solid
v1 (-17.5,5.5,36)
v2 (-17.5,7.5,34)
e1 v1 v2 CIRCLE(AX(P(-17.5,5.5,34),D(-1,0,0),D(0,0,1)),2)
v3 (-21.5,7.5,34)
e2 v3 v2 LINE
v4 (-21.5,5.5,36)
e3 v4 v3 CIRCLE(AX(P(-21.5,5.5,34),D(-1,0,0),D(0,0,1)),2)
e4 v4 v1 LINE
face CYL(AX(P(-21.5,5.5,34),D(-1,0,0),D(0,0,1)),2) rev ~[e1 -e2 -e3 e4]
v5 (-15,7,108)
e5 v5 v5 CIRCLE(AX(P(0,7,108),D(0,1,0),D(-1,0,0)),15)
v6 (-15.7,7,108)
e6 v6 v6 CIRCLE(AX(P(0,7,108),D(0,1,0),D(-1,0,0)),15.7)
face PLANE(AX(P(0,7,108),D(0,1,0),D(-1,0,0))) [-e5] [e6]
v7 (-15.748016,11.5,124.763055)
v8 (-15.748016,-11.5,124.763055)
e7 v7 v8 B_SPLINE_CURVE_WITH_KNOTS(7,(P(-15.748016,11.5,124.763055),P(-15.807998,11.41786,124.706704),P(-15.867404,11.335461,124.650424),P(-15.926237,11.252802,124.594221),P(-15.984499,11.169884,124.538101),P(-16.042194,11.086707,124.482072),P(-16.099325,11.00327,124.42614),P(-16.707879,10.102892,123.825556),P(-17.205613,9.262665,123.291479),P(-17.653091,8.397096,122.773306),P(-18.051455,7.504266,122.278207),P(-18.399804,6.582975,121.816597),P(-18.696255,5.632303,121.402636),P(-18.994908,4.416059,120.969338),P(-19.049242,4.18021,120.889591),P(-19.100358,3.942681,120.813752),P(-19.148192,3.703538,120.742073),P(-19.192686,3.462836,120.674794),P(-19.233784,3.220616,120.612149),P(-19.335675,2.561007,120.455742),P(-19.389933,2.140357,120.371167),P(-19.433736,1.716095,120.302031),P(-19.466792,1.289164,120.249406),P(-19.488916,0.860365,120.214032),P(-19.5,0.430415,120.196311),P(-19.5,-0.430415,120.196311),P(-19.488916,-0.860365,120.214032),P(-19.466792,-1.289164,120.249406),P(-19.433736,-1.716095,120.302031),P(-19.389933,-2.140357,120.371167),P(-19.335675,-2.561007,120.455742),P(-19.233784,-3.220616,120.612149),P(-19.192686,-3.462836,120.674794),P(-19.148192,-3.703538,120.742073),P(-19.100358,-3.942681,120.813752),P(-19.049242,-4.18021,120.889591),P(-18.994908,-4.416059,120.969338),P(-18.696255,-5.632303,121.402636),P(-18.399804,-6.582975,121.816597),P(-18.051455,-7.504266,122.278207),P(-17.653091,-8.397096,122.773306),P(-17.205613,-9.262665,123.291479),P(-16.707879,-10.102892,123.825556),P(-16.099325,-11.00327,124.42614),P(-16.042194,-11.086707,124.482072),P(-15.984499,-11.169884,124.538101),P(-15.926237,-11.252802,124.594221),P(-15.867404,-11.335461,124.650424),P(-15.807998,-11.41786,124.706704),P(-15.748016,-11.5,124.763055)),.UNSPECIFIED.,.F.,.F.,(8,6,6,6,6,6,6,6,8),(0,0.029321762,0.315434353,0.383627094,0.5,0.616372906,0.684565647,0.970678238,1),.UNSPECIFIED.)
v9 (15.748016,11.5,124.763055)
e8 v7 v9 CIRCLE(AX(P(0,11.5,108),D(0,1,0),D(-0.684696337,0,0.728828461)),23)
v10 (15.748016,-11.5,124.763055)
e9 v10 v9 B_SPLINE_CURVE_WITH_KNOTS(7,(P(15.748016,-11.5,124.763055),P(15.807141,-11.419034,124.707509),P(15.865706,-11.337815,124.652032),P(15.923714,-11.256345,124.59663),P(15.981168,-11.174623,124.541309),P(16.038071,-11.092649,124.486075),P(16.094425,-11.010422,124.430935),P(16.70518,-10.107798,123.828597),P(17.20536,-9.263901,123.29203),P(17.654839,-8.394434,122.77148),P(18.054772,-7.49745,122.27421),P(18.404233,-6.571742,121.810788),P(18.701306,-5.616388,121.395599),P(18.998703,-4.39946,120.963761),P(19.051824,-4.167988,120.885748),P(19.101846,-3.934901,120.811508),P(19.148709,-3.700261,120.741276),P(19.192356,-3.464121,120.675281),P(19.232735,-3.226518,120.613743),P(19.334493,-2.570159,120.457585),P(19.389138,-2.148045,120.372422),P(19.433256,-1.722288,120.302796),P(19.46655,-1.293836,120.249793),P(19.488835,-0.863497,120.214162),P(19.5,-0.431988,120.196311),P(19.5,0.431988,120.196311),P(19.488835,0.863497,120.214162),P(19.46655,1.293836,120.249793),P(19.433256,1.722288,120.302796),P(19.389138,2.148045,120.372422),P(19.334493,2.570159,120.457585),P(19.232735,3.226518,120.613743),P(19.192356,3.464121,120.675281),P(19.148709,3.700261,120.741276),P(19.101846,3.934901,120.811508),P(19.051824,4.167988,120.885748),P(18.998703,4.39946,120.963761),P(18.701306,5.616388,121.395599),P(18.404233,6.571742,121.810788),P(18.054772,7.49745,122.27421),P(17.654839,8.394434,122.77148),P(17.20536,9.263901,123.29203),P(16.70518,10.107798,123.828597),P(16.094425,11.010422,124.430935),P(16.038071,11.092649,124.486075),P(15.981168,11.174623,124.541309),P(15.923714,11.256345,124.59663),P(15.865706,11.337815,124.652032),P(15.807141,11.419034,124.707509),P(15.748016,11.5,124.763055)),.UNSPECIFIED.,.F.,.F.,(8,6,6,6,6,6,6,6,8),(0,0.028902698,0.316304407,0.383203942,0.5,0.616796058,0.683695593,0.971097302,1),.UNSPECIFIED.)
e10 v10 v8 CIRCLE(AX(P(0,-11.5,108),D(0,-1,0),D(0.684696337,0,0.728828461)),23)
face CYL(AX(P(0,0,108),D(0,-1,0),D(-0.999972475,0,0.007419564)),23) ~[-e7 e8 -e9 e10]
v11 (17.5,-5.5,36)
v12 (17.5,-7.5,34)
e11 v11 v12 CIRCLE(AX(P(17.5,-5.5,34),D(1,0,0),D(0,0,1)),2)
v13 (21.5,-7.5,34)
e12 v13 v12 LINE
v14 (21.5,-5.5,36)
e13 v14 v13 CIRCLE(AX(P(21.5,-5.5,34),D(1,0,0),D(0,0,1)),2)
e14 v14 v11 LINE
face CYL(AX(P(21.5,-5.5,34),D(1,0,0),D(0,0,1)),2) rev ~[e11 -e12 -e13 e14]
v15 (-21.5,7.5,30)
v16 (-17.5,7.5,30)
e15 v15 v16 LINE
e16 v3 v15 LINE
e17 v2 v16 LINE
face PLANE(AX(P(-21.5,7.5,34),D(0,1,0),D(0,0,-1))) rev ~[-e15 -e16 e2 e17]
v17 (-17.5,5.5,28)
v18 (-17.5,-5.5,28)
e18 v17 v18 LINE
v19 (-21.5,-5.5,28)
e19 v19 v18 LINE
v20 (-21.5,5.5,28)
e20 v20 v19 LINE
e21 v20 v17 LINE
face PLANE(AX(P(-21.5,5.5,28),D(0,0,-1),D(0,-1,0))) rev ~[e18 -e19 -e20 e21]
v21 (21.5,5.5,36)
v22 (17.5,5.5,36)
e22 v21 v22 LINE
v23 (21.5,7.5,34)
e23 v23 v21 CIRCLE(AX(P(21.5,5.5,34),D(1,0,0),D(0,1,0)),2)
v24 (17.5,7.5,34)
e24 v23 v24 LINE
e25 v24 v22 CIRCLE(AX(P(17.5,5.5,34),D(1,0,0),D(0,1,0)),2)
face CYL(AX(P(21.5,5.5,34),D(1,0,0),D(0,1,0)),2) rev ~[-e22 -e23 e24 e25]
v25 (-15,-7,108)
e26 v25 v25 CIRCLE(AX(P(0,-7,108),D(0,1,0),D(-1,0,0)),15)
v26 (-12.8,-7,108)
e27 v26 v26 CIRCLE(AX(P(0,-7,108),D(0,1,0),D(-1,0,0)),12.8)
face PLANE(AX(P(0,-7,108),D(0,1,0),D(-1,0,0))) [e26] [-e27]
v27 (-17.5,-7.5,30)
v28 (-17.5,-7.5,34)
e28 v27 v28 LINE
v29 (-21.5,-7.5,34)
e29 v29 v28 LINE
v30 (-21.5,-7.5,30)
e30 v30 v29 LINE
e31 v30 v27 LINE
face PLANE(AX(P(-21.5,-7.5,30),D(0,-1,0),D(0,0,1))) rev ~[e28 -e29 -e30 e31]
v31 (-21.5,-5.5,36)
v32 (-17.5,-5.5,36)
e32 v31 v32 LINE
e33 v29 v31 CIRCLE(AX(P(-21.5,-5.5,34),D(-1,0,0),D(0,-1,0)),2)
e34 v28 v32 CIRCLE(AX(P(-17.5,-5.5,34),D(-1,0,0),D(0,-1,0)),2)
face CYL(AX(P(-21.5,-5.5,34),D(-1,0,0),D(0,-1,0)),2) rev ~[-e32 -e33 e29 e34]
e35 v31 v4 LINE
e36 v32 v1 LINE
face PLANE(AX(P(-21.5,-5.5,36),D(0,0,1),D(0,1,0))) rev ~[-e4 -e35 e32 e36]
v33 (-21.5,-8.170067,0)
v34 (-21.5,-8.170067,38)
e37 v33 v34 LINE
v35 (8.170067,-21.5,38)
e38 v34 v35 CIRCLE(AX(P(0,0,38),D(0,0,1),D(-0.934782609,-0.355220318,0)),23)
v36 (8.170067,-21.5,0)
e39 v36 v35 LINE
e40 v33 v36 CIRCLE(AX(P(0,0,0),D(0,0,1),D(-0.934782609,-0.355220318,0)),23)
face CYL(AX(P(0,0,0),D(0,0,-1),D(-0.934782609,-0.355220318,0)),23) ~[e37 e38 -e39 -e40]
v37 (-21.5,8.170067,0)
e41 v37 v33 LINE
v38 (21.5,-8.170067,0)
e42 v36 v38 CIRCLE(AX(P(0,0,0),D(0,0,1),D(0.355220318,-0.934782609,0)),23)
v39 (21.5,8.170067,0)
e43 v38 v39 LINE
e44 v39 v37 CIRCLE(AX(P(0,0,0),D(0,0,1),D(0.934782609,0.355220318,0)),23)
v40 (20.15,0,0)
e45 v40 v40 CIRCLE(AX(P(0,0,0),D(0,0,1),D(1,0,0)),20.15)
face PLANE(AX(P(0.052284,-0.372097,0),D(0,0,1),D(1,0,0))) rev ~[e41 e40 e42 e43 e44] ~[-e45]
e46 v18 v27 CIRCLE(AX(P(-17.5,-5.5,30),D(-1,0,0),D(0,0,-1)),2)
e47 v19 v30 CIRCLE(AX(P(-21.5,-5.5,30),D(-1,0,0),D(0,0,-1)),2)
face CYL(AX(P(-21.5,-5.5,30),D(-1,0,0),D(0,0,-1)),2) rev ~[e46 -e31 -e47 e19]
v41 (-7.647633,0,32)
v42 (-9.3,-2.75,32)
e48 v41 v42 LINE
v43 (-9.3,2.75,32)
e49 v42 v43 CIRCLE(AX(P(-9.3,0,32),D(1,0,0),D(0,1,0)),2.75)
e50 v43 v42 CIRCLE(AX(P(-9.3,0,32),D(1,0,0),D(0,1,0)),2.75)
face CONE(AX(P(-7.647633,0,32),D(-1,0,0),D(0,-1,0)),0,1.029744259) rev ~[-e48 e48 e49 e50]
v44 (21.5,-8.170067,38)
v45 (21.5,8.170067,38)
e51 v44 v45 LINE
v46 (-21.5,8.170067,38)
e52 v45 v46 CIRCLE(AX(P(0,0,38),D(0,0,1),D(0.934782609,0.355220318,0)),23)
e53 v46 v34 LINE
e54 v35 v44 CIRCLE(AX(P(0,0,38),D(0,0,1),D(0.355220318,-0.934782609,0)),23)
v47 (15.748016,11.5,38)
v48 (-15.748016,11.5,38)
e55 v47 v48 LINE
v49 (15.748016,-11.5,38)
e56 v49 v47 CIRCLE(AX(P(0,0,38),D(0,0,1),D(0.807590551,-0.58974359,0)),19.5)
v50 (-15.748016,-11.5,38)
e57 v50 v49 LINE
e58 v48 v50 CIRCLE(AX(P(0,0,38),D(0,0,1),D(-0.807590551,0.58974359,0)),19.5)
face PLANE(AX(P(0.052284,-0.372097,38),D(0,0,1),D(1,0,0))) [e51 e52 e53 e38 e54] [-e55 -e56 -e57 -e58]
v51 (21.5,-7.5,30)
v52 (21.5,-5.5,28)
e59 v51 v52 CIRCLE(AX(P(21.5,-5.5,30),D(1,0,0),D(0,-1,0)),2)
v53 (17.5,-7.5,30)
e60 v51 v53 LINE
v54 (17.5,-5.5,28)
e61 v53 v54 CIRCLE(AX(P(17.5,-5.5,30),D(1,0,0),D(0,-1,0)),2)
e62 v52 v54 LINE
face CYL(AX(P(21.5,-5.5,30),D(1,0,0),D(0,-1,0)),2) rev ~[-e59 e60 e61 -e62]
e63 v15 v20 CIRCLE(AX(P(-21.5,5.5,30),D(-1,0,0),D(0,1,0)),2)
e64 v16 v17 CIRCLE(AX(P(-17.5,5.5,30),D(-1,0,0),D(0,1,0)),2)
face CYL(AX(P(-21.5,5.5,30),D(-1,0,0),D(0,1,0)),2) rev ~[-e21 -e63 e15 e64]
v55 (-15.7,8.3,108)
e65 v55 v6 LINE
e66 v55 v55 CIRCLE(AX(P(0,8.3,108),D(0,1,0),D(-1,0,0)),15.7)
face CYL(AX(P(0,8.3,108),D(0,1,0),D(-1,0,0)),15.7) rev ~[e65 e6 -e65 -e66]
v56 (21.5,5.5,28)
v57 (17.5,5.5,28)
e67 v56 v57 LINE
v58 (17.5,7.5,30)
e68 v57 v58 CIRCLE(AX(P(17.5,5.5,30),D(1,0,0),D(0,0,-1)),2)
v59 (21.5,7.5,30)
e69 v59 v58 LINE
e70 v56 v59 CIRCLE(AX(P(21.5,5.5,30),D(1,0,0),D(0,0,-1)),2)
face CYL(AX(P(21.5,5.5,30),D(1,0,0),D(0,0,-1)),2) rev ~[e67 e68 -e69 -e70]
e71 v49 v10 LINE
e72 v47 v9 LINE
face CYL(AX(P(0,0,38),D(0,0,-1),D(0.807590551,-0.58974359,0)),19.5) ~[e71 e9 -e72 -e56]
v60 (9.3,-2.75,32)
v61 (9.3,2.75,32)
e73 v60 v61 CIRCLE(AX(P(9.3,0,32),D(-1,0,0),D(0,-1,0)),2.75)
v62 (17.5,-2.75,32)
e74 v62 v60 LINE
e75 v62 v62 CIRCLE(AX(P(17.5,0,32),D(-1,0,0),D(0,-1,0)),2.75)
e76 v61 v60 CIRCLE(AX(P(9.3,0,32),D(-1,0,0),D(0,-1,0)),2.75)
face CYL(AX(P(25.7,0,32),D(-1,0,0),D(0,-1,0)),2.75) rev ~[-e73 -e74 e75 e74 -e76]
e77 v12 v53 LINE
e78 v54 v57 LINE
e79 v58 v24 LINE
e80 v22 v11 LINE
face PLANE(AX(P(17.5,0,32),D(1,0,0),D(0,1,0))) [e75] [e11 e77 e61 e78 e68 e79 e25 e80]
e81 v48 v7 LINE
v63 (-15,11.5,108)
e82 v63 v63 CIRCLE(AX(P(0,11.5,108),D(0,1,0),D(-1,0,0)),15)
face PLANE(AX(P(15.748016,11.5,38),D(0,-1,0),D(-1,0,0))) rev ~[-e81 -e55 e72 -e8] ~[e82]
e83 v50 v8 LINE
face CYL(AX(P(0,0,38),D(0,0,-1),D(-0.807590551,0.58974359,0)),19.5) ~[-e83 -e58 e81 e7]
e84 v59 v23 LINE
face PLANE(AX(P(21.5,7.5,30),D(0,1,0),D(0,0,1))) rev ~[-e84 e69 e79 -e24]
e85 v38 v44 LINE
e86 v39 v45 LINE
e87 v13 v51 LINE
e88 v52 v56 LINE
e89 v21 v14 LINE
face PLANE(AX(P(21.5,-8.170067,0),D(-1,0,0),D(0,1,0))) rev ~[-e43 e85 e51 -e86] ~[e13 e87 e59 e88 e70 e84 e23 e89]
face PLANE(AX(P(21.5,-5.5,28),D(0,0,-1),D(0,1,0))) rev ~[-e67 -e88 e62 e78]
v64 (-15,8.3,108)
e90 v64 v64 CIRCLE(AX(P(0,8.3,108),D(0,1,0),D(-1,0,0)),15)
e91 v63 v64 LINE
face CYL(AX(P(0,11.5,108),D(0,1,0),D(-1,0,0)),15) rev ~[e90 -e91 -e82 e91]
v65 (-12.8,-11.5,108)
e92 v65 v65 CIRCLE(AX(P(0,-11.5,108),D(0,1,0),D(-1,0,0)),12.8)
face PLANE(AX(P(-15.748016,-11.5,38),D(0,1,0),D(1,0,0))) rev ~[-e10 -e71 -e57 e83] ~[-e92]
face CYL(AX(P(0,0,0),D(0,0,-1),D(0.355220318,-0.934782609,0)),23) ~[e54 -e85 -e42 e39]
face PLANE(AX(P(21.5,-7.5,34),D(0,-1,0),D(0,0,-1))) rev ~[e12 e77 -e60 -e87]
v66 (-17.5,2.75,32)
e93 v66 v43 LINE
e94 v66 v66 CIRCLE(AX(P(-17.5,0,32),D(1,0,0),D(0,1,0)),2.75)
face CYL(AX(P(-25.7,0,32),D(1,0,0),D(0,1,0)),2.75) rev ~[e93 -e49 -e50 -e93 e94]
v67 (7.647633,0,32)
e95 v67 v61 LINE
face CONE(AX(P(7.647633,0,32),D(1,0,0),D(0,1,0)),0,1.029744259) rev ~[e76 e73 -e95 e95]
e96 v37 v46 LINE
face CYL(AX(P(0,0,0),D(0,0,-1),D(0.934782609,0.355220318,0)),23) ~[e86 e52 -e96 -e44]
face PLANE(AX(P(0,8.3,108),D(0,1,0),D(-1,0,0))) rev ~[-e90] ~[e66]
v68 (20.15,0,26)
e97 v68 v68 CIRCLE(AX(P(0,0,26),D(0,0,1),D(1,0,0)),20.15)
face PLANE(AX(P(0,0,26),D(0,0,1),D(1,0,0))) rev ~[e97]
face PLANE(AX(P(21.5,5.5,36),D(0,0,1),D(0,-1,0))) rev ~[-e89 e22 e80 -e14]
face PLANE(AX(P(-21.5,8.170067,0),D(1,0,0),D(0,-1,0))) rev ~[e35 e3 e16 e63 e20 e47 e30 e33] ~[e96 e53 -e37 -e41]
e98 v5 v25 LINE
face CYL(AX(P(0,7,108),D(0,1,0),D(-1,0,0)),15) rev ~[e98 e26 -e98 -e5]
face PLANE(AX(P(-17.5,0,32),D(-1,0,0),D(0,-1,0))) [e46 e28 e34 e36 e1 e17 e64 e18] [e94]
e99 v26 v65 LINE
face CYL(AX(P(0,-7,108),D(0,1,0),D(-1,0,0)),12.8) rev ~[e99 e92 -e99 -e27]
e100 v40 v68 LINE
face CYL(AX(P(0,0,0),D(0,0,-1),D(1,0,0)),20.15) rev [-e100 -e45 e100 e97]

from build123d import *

# Parameters (mm, degrees)
F1_DEPTH  = 38
F2_R      = 20.15
F3_DEPTH  = 26
F5_DEPTH  = 93
F7_DEPTH  = 12.5
F8_R      = 15
F9_DEPTH  = 3.2
F10_R     = 15.7
F11_DEPTH = 1.3
F12_R     = 15
F13_DEPTH = 14
F14_R     = 12.8
F15_DEPTH = 16.001
F17_DEPTH = 4
F19_D     = 5.5
F19_DEPTH = 8.2
F19_TIP   = 1.6523667023
F21_DEPTH = 4
F23_D     = 5.5
F23_DEPTH = 8.2
F23_TIP   = 1.6523667023


with BuildPart() as f1:
    # F0 (on Top) → F1 (new body)
    with BuildSketch(Plane.XY):
        with BuildLine():
            ThreePointArc((8.1700673192, 21.5), (0, 23), (-8.1700673192, 21.5))
            ThreePointArc((-8.1700673192, 21.5), (-16.2634559673, 16.2634559673), (-21.5, 8.1700673192))
            Line((-21.5, 8.1700673192), (-21.5, -8.1700673192))
            ThreePointArc((-21.5, -8.1700673192), (-16.2634559673, -16.2634559673), (-8.1700673192, -21.5))
            ThreePointArc((-8.1700673192, -21.5), (0, -23), (8.1700673192, -21.5))
            ThreePointArc((8.1700673192, -21.5), (16.2634559673, -16.2634559673), (21.5, -8.1700673192))
            Line((21.5, -8.1700673192), (21.5, 8.1700673192))
            ThreePointArc((21.5, 8.1700673192), (16.2634559673, 16.2634559673), (8.1700673192, 21.5))
        make_face()
    extrude(amount=F1_DEPTH)

    # F2 (on Top) → F3 (cut)
    with BuildSketch(Plane.XY):
        Circle(F2_R)
    extrude(amount=F3_DEPTH, mode=Mode.SUBTRACT)

    # F4 (on face) → F5 (join)
    with BuildSketch(Plane.XY.offset(38)):
        with BuildLine():
            Line((15.748015748, 11.5), (-15.748015748, 11.5))
            ThreePointArc((-15.748015748, 11.5), (-19.5, 0), (-15.748015748, -11.5))
            Line((-15.748015748, -11.5), (15.748015748, -11.5))
            ThreePointArc((15.748015748, -11.5), (19.5, 0), (15.748015748, 11.5))
        make_face()
    extrude(amount=F5_DEPTH)

    # F6 (on Front) → F7 (cut, symmetric)
    with BuildSketch(Plane.XZ):
        with BuildLine():
            ThreePointArc((-22.9993669171, 108.1706499767), (-1.4508057769, 130.9541970584), (22.7948567954, 111.0650454609))
            Line((22.7948567954, 111.0650454609), (28.0992928892, 135.5375498533))
            Line((28.0992928892, 135.5375498533), (-36.6138778627, 135.5375498533))
            Line((-36.6138778627, 135.5375498533), (-22.9993669171, 108.1706499767))
        make_face()
    extrude(amount=F7_DEPTH, both=True, mode=Mode.SUBTRACT)

    # F8 (on face) → F9 (cut)
    with BuildSketch(Plane(origin=(0, 11.5, 0), x_dir=(-1, 0, 0), z_dir=(0, 1, 0))):
        with Locations((0, 108)):
            Circle(F8_R)
    extrude(amount=-F9_DEPTH, mode=Mode.SUBTRACT)

    # F10 (on face) → F11 (cut)
    with BuildSketch(Plane(origin=(0, 8.3, 0), x_dir=(-1, 0, 0), z_dir=(0, 1, 0))):
        with Locations((0, 108)):
            Circle(F10_R)
    extrude(amount=-F11_DEPTH, mode=Mode.SUBTRACT)

    # F12 (on face) → F13 (cut)
    with BuildSketch(Plane(origin=(0, 7, 0), x_dir=(-1, 0, 0), z_dir=(0, 1, 0))):
        with Locations((0, 108)):
            Circle(F12_R)
    extrude(amount=-F13_DEPTH, mode=Mode.SUBTRACT)

    # F14 (on face) → F15 (cut, through all)
    with BuildSketch(Plane(origin=(0, -7, 0), x_dir=(-1, 0, 0), z_dir=(0, 1, 0))):
        with Locations((0, 108)):
            Circle(F14_R)
    extrude(amount=-F15_DEPTH, mode=Mode.SUBTRACT)

    # F16 (on face) → F17 (cut)
    with BuildSketch(Plane.YZ.offset(21.5)):
        with BuildLine():
            Line((5.5, 36), (-5.5, 36))
            ThreePointArc((-5.5, 36), (-6.9142135624, 35.4142135624), (-7.5, 34))
            Line((-7.5, 34), (-7.5, 30))
            ThreePointArc((-7.5, 30), (-6.9142135624, 28.5857864376), (-5.5, 28))
            Line((-5.5, 28), (5.5, 28))
            ThreePointArc((5.5, 28), (6.9142135624, 28.5857864376), (7.5, 30))
            Line((7.5, 30), (7.5, 34))
            ThreePointArc((7.5, 34), (6.9142135624, 35.4142135624), (5.5, 36))
        make_face()
    extrude(amount=-F17_DEPTH, mode=Mode.SUBTRACT)

    # F19
    with Locations(Plane.YZ.offset(17.5)):
        with Locations((0, 32)):
            Hole(F19_D / 2, depth=F19_DEPTH)
            with Locations((0, 0, -(F19_DEPTH + F19_TIP / 2))):  # 118° drill point
                Cone(0, F19_D / 2, F19_TIP, mode=Mode.SUBTRACT)

    # F20 (on face) → F21 (cut)
    with BuildSketch(Plane(origin=(-21.5, 0, 0), x_dir=(0, -1, 0), z_dir=(-1, 0, 0))):
        with BuildLine():
            Line((5.5, 36), (-5.5, 36))
            ThreePointArc((-5.5, 36), (-6.9142135624, 35.4142135624), (-7.5, 34))
            Line((-7.5, 34), (-7.5, 30))
            ThreePointArc((-7.5, 30), (-6.9142135624, 28.5857864376), (-5.5, 28))
            Line((-5.5, 28), (5.5, 28))
            ThreePointArc((5.5, 28), (6.9142135624, 28.5857864376), (7.5, 30))
            Line((7.5, 30), (7.5, 34))
            ThreePointArc((7.5, 34), (6.9142135624, 35.4142135624), (5.5, 36))
        make_face()
    extrude(amount=-F21_DEPTH, mode=Mode.SUBTRACT)

    # F23
    with Locations(Plane(origin=(-17.5, 0, 0), x_dir=(0, -1, 0), z_dir=(-1, 0, 0))):
        with Locations((0, 32)):
            Hole(F23_D / 2, depth=F23_DEPTH)
            with Locations((0, 0, -(F23_DEPTH + F23_TIP / 2))):  # 118° drill point
                Cone(0, F23_D / 2, F23_TIP, mode=Mode.SUBTRACT)


solid = f1.part
